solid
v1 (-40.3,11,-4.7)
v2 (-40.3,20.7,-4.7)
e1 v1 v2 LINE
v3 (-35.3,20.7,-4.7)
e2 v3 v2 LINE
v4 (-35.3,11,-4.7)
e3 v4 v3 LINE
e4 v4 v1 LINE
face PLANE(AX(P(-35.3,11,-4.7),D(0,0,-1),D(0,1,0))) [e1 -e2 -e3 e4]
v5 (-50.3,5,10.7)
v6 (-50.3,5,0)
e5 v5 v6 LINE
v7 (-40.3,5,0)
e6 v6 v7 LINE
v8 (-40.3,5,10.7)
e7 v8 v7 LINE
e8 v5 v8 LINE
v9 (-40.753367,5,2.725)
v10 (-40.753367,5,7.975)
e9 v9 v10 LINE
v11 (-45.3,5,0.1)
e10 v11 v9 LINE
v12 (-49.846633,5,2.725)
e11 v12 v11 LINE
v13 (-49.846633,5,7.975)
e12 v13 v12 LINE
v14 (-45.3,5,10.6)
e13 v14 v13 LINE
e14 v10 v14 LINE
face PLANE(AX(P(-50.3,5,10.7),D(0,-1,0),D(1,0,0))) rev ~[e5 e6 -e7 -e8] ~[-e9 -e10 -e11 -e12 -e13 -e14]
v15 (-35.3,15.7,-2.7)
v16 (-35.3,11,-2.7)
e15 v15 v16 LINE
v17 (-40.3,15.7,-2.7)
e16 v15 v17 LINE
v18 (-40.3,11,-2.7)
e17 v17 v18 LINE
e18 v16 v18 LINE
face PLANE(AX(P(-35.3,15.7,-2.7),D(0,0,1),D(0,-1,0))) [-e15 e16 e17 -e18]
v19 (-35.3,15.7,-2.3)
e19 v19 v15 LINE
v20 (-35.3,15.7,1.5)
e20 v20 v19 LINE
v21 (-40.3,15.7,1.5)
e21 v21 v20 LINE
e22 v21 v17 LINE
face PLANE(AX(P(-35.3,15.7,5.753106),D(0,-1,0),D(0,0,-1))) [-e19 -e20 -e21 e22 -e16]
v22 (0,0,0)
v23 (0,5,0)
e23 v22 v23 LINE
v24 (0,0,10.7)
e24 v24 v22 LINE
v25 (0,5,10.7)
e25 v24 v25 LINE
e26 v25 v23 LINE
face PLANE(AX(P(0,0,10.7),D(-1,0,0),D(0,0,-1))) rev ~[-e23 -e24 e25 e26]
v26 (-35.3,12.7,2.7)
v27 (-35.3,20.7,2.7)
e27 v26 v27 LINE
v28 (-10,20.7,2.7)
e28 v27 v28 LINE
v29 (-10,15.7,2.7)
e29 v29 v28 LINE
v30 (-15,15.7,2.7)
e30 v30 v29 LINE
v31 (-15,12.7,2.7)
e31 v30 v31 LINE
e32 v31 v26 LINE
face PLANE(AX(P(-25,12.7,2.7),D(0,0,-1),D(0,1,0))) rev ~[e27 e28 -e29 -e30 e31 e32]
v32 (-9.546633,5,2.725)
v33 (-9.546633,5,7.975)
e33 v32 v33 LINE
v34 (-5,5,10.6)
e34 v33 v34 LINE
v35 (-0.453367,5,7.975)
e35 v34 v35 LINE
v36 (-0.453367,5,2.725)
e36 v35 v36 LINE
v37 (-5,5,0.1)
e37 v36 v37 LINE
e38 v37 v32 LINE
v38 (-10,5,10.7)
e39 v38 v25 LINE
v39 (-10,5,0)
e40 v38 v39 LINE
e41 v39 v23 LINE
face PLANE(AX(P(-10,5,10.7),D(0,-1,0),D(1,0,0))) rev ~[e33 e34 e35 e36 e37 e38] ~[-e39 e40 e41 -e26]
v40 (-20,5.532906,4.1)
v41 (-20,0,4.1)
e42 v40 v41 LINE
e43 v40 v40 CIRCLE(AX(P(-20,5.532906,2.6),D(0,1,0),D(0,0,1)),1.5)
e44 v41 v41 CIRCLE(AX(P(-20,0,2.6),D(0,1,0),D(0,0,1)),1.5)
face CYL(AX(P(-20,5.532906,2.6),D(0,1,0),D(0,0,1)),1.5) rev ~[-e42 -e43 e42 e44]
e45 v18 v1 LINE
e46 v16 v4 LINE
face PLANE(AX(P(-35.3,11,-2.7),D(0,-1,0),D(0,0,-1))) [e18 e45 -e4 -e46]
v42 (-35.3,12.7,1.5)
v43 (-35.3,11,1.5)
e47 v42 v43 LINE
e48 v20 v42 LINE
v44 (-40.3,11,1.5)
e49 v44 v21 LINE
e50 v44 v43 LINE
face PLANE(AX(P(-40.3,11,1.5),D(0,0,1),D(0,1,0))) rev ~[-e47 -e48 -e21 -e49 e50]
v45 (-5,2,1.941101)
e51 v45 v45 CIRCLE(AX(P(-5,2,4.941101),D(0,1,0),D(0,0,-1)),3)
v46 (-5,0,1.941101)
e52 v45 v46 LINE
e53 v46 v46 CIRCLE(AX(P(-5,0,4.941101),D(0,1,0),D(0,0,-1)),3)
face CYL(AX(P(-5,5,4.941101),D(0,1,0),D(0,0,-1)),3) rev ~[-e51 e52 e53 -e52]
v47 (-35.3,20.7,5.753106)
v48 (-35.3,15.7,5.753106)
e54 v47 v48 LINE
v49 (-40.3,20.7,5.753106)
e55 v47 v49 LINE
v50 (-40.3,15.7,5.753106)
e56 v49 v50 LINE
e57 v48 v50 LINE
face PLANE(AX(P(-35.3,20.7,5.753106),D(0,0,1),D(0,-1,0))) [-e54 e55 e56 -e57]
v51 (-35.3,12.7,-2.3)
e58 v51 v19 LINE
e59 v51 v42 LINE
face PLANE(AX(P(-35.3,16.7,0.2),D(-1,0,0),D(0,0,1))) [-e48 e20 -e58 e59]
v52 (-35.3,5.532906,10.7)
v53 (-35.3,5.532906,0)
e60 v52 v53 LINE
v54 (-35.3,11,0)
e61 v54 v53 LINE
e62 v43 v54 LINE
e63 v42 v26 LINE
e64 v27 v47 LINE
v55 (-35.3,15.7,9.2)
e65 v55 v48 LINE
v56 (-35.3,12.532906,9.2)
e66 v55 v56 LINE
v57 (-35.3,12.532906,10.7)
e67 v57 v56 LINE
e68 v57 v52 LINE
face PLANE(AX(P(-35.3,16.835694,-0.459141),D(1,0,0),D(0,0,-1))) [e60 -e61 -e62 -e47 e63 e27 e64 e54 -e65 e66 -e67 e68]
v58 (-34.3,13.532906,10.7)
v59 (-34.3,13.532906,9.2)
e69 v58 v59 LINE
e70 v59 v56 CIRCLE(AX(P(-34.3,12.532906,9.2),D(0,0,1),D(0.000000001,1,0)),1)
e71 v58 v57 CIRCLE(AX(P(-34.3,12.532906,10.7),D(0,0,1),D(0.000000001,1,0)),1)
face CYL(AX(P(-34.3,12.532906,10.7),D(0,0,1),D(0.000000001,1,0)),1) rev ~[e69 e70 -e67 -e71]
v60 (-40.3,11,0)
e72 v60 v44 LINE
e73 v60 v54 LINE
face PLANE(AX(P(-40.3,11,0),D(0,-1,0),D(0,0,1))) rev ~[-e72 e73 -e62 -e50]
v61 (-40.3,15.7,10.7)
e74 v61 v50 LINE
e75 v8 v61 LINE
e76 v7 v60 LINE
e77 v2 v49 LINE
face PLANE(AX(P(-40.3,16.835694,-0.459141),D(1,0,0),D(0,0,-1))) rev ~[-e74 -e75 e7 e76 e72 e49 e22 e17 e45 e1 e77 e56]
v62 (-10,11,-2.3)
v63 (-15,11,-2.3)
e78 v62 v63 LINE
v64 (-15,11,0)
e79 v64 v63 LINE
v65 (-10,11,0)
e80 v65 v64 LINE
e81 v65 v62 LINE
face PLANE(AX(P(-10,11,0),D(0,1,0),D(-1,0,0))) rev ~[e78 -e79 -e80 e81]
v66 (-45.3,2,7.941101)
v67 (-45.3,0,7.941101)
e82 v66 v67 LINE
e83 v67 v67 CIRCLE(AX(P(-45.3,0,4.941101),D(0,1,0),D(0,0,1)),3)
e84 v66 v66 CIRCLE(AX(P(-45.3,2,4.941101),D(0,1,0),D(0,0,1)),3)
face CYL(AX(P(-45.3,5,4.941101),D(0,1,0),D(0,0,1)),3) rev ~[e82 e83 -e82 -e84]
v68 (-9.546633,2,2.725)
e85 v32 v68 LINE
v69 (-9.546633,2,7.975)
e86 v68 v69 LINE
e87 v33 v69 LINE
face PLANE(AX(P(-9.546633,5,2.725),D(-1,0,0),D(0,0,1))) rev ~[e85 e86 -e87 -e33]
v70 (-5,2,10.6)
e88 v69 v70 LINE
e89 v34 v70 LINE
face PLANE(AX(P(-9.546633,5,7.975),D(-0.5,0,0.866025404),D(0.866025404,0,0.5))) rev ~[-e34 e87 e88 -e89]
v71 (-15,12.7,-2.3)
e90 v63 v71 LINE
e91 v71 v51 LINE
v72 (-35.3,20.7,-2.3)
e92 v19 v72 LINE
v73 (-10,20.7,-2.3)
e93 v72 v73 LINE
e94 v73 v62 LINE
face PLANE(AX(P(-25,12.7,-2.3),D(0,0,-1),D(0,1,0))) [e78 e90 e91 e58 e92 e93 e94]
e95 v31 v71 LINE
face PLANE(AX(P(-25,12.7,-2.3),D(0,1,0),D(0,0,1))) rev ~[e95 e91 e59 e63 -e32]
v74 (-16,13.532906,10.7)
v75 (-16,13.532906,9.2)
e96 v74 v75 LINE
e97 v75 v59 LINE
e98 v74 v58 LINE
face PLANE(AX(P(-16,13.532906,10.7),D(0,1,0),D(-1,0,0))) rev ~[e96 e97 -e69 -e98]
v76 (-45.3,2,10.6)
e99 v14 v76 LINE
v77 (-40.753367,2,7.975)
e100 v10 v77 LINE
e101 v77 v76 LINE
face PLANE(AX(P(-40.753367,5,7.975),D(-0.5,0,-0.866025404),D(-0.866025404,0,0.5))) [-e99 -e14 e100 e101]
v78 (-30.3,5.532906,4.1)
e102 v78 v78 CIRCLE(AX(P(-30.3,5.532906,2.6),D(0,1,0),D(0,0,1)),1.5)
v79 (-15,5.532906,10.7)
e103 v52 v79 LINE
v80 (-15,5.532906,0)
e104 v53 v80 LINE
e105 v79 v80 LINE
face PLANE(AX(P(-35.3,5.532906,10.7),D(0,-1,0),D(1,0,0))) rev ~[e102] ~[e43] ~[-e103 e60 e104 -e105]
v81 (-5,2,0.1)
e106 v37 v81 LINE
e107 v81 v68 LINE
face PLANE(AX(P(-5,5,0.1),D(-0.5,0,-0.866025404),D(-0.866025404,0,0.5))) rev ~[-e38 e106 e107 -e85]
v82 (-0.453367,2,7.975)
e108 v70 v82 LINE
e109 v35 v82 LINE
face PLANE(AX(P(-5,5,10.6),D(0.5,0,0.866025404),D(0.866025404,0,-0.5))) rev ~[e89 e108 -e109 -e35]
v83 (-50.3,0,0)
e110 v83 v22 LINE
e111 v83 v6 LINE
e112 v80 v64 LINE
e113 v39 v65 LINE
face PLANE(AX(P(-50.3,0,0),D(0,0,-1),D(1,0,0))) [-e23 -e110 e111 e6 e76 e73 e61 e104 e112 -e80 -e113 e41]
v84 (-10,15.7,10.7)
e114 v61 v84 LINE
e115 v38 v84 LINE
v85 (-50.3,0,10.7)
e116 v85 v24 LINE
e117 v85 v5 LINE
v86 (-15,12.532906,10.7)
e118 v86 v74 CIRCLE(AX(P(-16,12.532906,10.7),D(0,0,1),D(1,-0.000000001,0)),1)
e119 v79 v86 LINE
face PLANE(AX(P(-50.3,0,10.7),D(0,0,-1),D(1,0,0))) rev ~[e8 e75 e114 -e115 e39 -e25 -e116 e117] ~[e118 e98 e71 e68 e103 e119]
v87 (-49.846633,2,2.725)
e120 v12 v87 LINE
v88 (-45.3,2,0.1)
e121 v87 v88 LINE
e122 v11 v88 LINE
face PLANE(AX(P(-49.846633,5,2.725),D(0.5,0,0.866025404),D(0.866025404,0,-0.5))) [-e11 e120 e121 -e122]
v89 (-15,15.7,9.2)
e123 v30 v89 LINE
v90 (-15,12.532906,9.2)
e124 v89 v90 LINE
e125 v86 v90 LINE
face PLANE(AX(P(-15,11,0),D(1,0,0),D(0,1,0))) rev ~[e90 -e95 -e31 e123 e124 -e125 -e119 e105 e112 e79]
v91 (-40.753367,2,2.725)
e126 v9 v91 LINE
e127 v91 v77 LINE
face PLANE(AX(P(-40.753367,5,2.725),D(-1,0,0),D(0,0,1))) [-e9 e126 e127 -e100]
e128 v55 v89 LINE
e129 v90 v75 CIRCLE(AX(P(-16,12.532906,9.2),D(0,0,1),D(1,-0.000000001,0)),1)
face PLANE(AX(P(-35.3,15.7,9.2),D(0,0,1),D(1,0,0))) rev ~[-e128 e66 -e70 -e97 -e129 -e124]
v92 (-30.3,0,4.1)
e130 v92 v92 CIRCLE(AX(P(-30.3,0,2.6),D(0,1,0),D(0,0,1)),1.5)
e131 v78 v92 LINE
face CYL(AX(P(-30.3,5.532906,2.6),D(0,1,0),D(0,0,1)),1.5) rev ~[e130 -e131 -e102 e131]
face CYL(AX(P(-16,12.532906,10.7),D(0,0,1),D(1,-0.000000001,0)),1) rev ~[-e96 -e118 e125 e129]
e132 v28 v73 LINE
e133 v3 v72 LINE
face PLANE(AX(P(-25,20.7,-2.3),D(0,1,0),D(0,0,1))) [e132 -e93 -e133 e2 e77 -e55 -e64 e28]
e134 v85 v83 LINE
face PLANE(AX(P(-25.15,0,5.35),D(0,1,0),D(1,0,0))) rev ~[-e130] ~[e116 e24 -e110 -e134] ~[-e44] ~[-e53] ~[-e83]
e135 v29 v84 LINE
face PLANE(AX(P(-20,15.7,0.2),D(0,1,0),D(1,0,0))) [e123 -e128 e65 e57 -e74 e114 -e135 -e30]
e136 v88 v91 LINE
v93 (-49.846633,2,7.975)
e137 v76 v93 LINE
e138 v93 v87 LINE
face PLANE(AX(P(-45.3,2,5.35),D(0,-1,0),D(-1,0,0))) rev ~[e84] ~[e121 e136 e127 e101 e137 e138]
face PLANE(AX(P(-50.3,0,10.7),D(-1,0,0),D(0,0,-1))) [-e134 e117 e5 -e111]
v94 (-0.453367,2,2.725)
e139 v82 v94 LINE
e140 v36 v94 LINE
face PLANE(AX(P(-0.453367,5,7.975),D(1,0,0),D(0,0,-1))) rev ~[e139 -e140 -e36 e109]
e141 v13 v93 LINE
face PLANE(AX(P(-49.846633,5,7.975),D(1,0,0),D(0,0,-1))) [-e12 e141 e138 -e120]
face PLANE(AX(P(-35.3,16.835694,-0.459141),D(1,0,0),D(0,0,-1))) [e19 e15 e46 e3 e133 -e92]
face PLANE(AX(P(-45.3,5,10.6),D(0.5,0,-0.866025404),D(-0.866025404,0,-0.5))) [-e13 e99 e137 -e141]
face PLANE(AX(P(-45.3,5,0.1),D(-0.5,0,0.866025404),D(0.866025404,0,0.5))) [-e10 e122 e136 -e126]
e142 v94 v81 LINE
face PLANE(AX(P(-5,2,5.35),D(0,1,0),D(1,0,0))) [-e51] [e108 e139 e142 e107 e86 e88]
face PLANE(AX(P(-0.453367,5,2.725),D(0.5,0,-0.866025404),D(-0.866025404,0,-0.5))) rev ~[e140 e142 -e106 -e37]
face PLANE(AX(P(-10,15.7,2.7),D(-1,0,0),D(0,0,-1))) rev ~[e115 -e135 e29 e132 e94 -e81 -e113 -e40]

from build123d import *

# Parameters (mm, degrees)
CROQUIS1_W              = 50.3
CROQUIS1_H              = 10.7
SALIENTE_EXTRUIR1_DEPTH = 15.7
CORTAR_EXTRUIR1_REACH   = 55.769
CROQUIS2_W              = 10
CROQUIS2_H              = 10.7
CORTAR_EXTRUIR2_REACH   = 55.769
CROQUIS3_W              = 20.3
CROQUIS3_H              = 9.2
CORTAR_EXTRUIR3_REACH   = 46.554
CROQUIS4_W              = 1.5
CROQUIS4_H              = 4.7
CORTAR_EXTRUIR5_REACH   = 54.527
CROQUIS6_R              = 3
CORTAR_EXTRUIR6_REACH   = 54.421
CROQUIS7_R              = 1.5
CORTAR_EXTRUIR7_DEPTH   = 3
SALIENTE_EXTRUIR2_DEPTH = 5
CROQUIS11_W             = 5
CROQUIS11_H             = 4.7
SALIENTE_EXTRUIR3_DEPTH = 2.3
CROQUIS12_W             = 10
CROQUIS12_H             = 5
SALIENTE_EXTRUIR5_DEPTH = 3
CROQUIS13_W             = 15
CROQUIS13_H             = 5
SALIENTE_EXTRUIR6_DEPTH = 5
CROQUIS14_W             = 5
CROQUIS14_H             = 8
SALIENTE_EXTRUIR7_DEPTH = 10.3


with BuildPart() as part:
    # Croquis1 → Saliente-Extruir1 (new body)
    with BuildSketch(Plane(origin=(0, 0, 0), x_dir=(1, 0, 0), z_dir=(0, 1, 0))):
        with Locations((-25.15, -5.35)):
            Rectangle(CROQUIS1_W, CROQUIS1_H)
    extrude(amount=SALIENTE_EXTRUIR1_DEPTH)

    # Croquis2 → Cortar-Extruir1 (cut, up to next)
    with BuildSketch(Plane.XY.offset(10.7), mode=Mode.PRIVATE) as cortar_extruir1_sk1:
        with Locations((-45.3, 10.35)):
            Rectangle(CROQUIS2_W, CROQUIS2_H)
    cortar_extruir1_tool1 = extrude(cortar_extruir1_sk1.sketch, amount=-CORTAR_EXTRUIR1_REACH, mode=Mode.PRIVATE) & part.part
    # Croquis2 → Cortar-Extruir1 (cut, up to next)
    with BuildSketch(Plane.XY.offset(10.7), mode=Mode.PRIVATE) as cortar_extruir1_sk2:
        with BuildLine():
            Line((-35.3, 5.532906309), (-15, 5.532906309))
            Line((-15, 5.532906309), (-15, 12.532906309))
            ThreePointArc((-15, 12.532906309), (-15.292893219, 13.240013091), (-16, 13.532906309))
            Line((-16, 13.532906309), (-34.3, 13.532906309))
            ThreePointArc((-34.3, 13.532906309), (-35.007106781, 13.240013091), (-35.3, 12.532906309))
            Line((-35.3, 12.532906309), (-35.3, 5.532906309))
        make_face()
    cortar_extruir1_tool2 = extrude(cortar_extruir1_sk2.sketch, amount=-CORTAR_EXTRUIR1_REACH, mode=Mode.PRIVATE) & part.part
    # Croquis2 → Cortar-Extruir1 (cut, up to next)
    with BuildSketch(Plane.XY.offset(10.7), mode=Mode.PRIVATE) as cortar_extruir1_sk3:
        with Locations((-5, 10.35)):
            Rectangle(CROQUIS2_W, CROQUIS2_H)
    cortar_extruir1_tool3 = extrude(cortar_extruir1_sk3.sketch, amount=-CORTAR_EXTRUIR1_REACH, mode=Mode.PRIVATE) & part.part
    add(cortar_extruir1_tool1.solids().sort_by_distance((-45.3, 10.35, 10.7))[0], mode=Mode.SUBTRACT)
    add(cortar_extruir1_tool2.solids().sort_by_distance((-25.15, 9.522899, 10.7))[0], mode=Mode.SUBTRACT)
    add(cortar_extruir1_tool3.solids().sort_by_distance((-5, 10.35, 10.7))[0], mode=Mode.SUBTRACT)

    # Croquis3 → Cortar-Extruir2 (cut, up to next)
    with BuildSketch(Plane(origin=(0, 15.7, 0), x_dir=(1, 0, 0), z_dir=(0, 1, 0)), mode=Mode.PRIVATE) as cortar_extruir2_sk1:
        with Locations((-25.15, -4.6)):
            Rectangle(CROQUIS3_W, CROQUIS3_H)
    cortar_extruir2_tool1 = extrude(cortar_extruir2_sk1.sketch, amount=-CORTAR_EXTRUIR2_REACH, mode=Mode.PRIVATE) & part.part
    add(cortar_extruir2_tool1.solids().sort_by_distance((-25.15, 15.7, 4.6))[0], mode=Mode.SUBTRACT)

    # Croquis4 → Cortar-Extruir3 (cut, up to next)
    with BuildSketch(Plane.ZY.offset(40.3), mode=Mode.PRIVATE) as cortar_extruir3_sk1:
        with Locations((0.75, 13.35)):
            Rectangle(CROQUIS4_W, CROQUIS4_H)
    cortar_extruir3_tool1 = extrude(cortar_extruir3_sk1.sketch, amount=-CORTAR_EXTRUIR3_REACH, mode=Mode.PRIVATE) & part.part
    add(cortar_extruir3_tool1.solids().sort_by_distance((-40.3, 13.35, 0.75))[0], mode=Mode.SUBTRACT)

    # Croquis6 → Cortar-Extruir5 (cut, up to next)
    with BuildSketch(Plane(origin=(0, 5, 0), x_dir=(1, 0, 0), z_dir=(0, 1, 0)), mode=Mode.PRIVATE) as cortar_extruir5_sk1:
        with Locations(Location((-45.3, -4.941101113, 0), (0, 0, 270))):
            Circle(CROQUIS6_R)
    cortar_extruir5_tool1 = extrude(cortar_extruir5_sk1.sketch, amount=-CORTAR_EXTRUIR5_REACH, mode=Mode.PRIVATE) & part.part
    # Croquis6 → Cortar-Extruir5 (cut, up to next)
    with BuildSketch(Plane(origin=(0, 5, 0), x_dir=(1, 0, 0), z_dir=(0, 1, 0)), mode=Mode.PRIVATE) as cortar_extruir5_sk2:
        with Locations(Location((-5, -4.941101113, 0), (0, 0, 90))):
            Circle(CROQUIS6_R)
    cortar_extruir5_tool2 = extrude(cortar_extruir5_sk2.sketch, amount=-CORTAR_EXTRUIR5_REACH, mode=Mode.PRIVATE) & part.part
    add(cortar_extruir5_tool1.solids().sort_by_distance((-45.3, 5, 4.941101))[0], mode=Mode.SUBTRACT)
    add(cortar_extruir5_tool2.solids().sort_by_distance((-5, 5, 4.941101))[0], mode=Mode.SUBTRACT)

    # Croquis7 → Cortar-Extruir6 (cut, up to next)
    with BuildSketch(Plane(origin=(0, 5.532906309, 0), x_dir=(1, 0, 0), z_dir=(0, 1, 0)), mode=Mode.PRIVATE) as cortar_extruir6_sk1:
        with Locations(Location((-30.3, -2.6, 0), (0, 0, 270))):
            Circle(CROQUIS7_R)
    cortar_extruir6_tool1 = extrude(cortar_extruir6_sk1.sketch, amount=-CORTAR_EXTRUIR6_REACH, mode=Mode.PRIVATE) & part.part
    # Croquis7 → Cortar-Extruir6 (cut, up to next)
    with BuildSketch(Plane(origin=(0, 5.532906309, 0), x_dir=(1, 0, 0), z_dir=(0, 1, 0)), mode=Mode.PRIVATE) as cortar_extruir6_sk2:
        with Locations(Location((-20, -2.6, 0), (0, 0, 270))):
            Circle(CROQUIS7_R)
    cortar_extruir6_tool2 = extrude(cortar_extruir6_sk2.sketch, amount=-CORTAR_EXTRUIR6_REACH, mode=Mode.PRIVATE) & part.part
    add(cortar_extruir6_tool1.solids().sort_by_distance((-30.3, 5.532906, 2.6))[0], mode=Mode.SUBTRACT)
    add(cortar_extruir6_tool2.solids().sort_by_distance((-20, 5.532906, 2.6))[0], mode=Mode.SUBTRACT)

    # Croquis8 → Cortar-Extruir7 (cut)
    with BuildSketch(Plane(origin=(0, 5, 0), x_dir=(1, 0, 0), z_dir=(0, 1, 0))):
        Polygon((-5, -0.1), (-9.54663337, -2.725), (-9.54663337, -7.975), (-5, -10.6), (-0.45336663, -7.975), (-0.45336663, -2.725), align=None)
        Polygon((-49.84663337, -2.725), (-45.3, -0.1), (-40.75336663, -2.725), (-40.75336663, -7.975), (-45.3, -10.6), (-49.84663337, -7.975), align=None)
    extrude(amount=-CORTAR_EXTRUIR7_DEPTH, mode=Mode.SUBTRACT)

    # Croquis9 → Saliente-Extruir2 (add)
    with BuildSketch(Plane(origin=(-35.3, 0, 0), x_dir=(0, 0, -1), z_dir=(1, 0, 0))):
        Polygon((-1.5, 15.7), (2.7, 15.7), (2.7, 11), (4.7, 11), (4.7, 20.7), (-5.753105751, 20.7), (-5.753105751, 15.7), align=None)
    extrude(amount=-SALIENTE_EXTRUIR2_DEPTH)

    # Croquis11 → Saliente-Extruir3 (add)
    with BuildSketch(Plane(origin=(0, 0, 0), x_dir=(-1, 0, 0), z_dir=(0, 0, -1))):
        with Locations((12.5, 13.35)):
            Rectangle(CROQUIS11_W, CROQUIS11_H)
    extrude(amount=SALIENTE_EXTRUIR3_DEPTH)

    # Croquis12 → Saliente-Extruir5 (add)
    with BuildSketch(Plane(origin=(0, 15.7, 0), x_dir=(1, 0, 0), z_dir=(0, 1, 0))):
        with Locations((-20, -0.2)):
            Rectangle(CROQUIS12_W, CROQUIS12_H)
    extrude(amount=-SALIENTE_EXTRUIR5_DEPTH)

    # Croquis13 → Saliente-Extruir6 (add)
    with BuildSketch(Plane(origin=(0, 15.7, 0), x_dir=(1, 0, 0), z_dir=(0, 1, 0))):
        with Locations((-17.5, -0.2)):
            Rectangle(CROQUIS13_W, CROQUIS13_H)
    extrude(amount=SALIENTE_EXTRUIR6_DEPTH)

    # Croquis14 → Saliente-Extruir7 (add)
    with BuildSketch(Plane.ZY.offset(25)):
        with Locations((0.2, 16.7)):
            Rectangle(CROQUIS14_W, CROQUIS14_H)
    extrude(amount=SALIENTE_EXTRUIR7_DEPTH)


solid = part.part
